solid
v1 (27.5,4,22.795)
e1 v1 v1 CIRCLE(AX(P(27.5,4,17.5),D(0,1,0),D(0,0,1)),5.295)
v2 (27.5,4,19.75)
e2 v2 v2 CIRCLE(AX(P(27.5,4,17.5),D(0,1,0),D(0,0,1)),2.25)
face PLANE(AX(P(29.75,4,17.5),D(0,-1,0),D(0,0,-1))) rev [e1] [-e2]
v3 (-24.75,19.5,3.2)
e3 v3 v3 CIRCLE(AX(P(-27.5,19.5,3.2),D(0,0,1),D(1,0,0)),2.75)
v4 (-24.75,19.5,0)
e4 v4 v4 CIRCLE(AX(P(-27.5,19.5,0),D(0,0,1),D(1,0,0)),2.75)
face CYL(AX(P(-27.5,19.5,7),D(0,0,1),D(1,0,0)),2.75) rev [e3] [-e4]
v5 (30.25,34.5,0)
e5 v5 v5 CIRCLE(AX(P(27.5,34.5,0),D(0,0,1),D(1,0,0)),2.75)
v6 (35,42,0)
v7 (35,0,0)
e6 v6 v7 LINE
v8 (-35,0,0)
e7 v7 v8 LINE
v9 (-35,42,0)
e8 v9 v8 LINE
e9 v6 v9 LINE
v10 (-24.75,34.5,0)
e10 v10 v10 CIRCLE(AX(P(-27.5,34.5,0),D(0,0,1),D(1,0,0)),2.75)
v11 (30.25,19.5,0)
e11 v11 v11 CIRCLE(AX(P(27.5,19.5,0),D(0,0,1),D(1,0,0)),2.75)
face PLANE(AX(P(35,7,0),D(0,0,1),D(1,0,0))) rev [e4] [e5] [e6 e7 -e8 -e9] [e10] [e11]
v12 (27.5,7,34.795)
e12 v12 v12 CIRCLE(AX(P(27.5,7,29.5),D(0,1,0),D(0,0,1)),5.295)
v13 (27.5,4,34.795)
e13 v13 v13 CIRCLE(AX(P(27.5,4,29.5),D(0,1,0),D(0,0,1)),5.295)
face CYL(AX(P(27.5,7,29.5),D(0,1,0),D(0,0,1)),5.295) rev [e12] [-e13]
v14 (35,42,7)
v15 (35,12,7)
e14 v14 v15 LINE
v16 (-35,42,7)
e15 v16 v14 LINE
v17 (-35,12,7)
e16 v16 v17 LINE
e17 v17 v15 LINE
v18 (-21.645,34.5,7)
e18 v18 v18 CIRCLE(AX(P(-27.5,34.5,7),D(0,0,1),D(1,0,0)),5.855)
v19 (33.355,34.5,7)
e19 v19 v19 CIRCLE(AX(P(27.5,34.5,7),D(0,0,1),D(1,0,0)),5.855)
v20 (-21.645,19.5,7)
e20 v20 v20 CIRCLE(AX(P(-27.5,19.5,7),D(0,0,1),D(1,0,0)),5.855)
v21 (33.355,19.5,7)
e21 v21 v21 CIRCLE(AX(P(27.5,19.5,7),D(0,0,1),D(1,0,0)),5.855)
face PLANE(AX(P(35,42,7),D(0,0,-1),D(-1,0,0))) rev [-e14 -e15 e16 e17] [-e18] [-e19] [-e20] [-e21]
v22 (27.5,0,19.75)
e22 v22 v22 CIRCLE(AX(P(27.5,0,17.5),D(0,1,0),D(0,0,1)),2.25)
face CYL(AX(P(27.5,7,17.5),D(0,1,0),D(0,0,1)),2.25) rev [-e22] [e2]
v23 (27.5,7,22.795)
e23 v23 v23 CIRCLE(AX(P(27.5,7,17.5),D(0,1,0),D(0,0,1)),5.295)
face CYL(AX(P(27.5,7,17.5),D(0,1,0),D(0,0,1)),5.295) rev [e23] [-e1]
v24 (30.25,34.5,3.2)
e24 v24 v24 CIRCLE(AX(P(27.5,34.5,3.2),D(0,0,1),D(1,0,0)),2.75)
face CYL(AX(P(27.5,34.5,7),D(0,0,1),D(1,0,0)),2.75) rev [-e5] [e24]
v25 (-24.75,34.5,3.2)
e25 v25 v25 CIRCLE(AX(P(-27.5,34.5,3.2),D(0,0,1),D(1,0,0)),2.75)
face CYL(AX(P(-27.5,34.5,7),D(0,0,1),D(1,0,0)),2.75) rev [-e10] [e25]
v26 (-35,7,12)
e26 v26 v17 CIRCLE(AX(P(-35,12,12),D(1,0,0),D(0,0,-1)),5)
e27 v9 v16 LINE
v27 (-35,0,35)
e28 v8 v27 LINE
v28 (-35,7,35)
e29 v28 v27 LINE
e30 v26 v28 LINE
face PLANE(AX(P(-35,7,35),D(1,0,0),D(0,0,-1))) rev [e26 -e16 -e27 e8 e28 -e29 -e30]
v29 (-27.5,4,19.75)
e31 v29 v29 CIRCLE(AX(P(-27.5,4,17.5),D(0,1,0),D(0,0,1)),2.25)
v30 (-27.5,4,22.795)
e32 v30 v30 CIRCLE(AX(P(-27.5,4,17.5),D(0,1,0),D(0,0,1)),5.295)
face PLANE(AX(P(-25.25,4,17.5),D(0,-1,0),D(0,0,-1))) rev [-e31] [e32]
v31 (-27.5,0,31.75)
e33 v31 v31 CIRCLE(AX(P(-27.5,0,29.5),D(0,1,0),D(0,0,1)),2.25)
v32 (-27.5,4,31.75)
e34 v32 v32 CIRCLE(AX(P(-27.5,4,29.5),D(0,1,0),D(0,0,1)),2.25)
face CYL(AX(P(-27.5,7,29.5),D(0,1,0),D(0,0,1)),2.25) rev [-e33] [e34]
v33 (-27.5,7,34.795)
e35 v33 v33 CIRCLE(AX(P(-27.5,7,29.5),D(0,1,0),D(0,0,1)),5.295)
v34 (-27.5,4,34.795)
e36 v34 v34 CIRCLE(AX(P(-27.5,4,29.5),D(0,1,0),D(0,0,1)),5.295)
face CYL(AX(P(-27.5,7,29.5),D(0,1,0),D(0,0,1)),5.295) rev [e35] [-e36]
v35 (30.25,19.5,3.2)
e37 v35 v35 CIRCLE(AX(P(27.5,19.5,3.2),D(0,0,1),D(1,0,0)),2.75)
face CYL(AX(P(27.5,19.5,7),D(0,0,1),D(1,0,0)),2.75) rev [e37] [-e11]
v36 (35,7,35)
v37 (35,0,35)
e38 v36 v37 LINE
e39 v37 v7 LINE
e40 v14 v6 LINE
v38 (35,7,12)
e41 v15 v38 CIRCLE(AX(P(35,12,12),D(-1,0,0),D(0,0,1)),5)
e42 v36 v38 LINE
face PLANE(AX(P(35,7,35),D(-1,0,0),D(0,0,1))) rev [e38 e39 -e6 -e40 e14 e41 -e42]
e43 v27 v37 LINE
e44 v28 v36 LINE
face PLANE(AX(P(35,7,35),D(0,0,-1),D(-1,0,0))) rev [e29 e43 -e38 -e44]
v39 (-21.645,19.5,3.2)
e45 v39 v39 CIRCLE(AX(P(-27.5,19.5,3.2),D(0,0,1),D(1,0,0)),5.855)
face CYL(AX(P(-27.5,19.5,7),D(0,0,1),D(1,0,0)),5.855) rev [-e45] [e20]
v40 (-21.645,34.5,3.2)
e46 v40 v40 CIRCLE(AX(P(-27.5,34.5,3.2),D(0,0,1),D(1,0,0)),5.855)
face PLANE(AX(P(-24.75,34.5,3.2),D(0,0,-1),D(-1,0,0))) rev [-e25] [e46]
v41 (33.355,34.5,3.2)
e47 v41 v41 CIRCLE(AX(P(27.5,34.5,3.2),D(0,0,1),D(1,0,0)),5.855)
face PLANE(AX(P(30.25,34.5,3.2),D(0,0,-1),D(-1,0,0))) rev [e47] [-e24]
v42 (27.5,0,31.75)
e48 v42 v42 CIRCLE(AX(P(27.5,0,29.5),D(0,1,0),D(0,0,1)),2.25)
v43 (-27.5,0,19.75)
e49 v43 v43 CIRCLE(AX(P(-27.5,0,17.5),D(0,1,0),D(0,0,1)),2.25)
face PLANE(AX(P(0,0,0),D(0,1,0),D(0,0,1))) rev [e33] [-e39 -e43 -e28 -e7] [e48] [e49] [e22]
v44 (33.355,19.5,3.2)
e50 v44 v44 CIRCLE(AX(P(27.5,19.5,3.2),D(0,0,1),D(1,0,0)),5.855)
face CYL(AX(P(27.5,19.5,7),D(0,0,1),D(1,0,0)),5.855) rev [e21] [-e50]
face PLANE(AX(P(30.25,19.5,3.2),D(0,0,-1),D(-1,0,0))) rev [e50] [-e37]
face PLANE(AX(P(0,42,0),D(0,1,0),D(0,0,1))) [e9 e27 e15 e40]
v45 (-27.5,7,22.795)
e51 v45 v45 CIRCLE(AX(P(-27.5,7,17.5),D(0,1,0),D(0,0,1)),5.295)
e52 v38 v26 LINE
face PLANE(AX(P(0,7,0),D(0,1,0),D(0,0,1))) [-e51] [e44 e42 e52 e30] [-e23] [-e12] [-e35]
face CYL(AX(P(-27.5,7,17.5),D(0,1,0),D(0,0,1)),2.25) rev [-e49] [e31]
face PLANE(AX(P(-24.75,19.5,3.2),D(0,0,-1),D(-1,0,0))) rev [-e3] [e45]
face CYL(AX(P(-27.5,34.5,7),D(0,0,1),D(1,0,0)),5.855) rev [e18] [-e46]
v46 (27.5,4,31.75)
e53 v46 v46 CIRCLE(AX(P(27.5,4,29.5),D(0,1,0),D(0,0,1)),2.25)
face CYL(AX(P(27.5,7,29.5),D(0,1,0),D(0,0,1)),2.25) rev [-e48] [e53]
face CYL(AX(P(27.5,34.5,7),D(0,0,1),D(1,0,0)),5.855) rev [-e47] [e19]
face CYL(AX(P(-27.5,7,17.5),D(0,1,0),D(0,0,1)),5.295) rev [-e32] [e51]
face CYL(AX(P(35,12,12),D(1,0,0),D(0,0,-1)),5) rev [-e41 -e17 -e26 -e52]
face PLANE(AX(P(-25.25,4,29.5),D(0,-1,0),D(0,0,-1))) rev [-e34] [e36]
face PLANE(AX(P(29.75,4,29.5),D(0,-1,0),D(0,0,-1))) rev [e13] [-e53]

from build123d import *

# Parameters (mm, degrees)
SKETCH1_W                                        = 70
SKETCH1_H                                        = 35
BOSS_EXTRUDE1_DEPTH                              = 7
SKETCH2_W                                        = 70
SKETCH2_H                                        = 7
BOSS_EXTRUDE2_DEPTH                              = 35
FILLET1_R                                        = 5
CBORE_FOR_M5_HEX_HEAD_MACHINE_SCREW1_D           = 5.5
CBORE_FOR_M5_HEX_HEAD_MACHINE_SCREW1_CBORE_D     = 11.71
CBORE_FOR_M5_HEX_HEAD_MACHINE_SCREW1_CBORE_DEPTH = 3.8
CBORE_FOR_M4_HEX_HEAD_MACHINE_SCREW2_D           = 4.5
CBORE_FOR_M4_HEX_HEAD_MACHINE_SCREW2_CBORE_D     = 10.59
CBORE_FOR_M4_HEX_HEAD_MACHINE_SCREW2_CBORE_DEPTH = 3


with BuildPart() as part:
    # Sketch1 → Boss-Extrude1 (new body)
    with BuildSketch(Plane(origin=(0, 0, 0), x_dir=(1, 0, 0), z_dir=(0, 1, 0))):
        with Locations((0, -17.5)):
            Rectangle(SKETCH1_W, SKETCH1_H)
    extrude(amount=BOSS_EXTRUDE1_DEPTH)

    # Sketch2 → Boss-Extrude2 (add)
    with BuildSketch(Plane(origin=(0, 7, 0), x_dir=(1, 0, 0), z_dir=(0, 1, 0))):
        with Locations((0, -3.5)):
            Rectangle(SKETCH2_W, SKETCH2_H)
    extrude(amount=BOSS_EXTRUDE2_DEPTH)

    # Fillet1
    fillet1_edges = [part.edges().sort_by_distance(p)[0] for p in [
        (0, 7, 7),
    ]]
    fillet(fillet1_edges, radius=FILLET1_R)

    # CBORE for M5 Hex Head Machine Screw1 (through all)
    with Locations(Plane.XY.offset(7)):
        with Locations((-27.5, 34.5), (27.5, 34.5), (27.5, 19.5), (-27.5, 19.5)):
            CounterBoreHole(CBORE_FOR_M5_HEX_HEAD_MACHINE_SCREW1_D / 2, CBORE_FOR_M5_HEX_HEAD_MACHINE_SCREW1_CBORE_D / 2, CBORE_FOR_M5_HEX_HEAD_MACHINE_SCREW1_CBORE_DEPTH)

    # CBORE for M4 Hex Head Machine Screw2 (through all)
    with Locations(Plane(origin=(0, 7, 0), x_dir=(1, 0, 0), z_dir=(0, 1, 0))):
        with Locations((-27.5, -17.5), (-27.5, -29.5), (27.5, -17.5), (27.5, -29.5)):
            CounterBoreHole(CBORE_FOR_M4_HEX_HEAD_MACHINE_SCREW2_D / 2, CBORE_FOR_M4_HEX_HEAD_MACHINE_SCREW2_CBORE_D / 2, CBORE_FOR_M4_HEX_HEAD_MACHINE_SCREW2_CBORE_DEPTH)


solid = part.part
